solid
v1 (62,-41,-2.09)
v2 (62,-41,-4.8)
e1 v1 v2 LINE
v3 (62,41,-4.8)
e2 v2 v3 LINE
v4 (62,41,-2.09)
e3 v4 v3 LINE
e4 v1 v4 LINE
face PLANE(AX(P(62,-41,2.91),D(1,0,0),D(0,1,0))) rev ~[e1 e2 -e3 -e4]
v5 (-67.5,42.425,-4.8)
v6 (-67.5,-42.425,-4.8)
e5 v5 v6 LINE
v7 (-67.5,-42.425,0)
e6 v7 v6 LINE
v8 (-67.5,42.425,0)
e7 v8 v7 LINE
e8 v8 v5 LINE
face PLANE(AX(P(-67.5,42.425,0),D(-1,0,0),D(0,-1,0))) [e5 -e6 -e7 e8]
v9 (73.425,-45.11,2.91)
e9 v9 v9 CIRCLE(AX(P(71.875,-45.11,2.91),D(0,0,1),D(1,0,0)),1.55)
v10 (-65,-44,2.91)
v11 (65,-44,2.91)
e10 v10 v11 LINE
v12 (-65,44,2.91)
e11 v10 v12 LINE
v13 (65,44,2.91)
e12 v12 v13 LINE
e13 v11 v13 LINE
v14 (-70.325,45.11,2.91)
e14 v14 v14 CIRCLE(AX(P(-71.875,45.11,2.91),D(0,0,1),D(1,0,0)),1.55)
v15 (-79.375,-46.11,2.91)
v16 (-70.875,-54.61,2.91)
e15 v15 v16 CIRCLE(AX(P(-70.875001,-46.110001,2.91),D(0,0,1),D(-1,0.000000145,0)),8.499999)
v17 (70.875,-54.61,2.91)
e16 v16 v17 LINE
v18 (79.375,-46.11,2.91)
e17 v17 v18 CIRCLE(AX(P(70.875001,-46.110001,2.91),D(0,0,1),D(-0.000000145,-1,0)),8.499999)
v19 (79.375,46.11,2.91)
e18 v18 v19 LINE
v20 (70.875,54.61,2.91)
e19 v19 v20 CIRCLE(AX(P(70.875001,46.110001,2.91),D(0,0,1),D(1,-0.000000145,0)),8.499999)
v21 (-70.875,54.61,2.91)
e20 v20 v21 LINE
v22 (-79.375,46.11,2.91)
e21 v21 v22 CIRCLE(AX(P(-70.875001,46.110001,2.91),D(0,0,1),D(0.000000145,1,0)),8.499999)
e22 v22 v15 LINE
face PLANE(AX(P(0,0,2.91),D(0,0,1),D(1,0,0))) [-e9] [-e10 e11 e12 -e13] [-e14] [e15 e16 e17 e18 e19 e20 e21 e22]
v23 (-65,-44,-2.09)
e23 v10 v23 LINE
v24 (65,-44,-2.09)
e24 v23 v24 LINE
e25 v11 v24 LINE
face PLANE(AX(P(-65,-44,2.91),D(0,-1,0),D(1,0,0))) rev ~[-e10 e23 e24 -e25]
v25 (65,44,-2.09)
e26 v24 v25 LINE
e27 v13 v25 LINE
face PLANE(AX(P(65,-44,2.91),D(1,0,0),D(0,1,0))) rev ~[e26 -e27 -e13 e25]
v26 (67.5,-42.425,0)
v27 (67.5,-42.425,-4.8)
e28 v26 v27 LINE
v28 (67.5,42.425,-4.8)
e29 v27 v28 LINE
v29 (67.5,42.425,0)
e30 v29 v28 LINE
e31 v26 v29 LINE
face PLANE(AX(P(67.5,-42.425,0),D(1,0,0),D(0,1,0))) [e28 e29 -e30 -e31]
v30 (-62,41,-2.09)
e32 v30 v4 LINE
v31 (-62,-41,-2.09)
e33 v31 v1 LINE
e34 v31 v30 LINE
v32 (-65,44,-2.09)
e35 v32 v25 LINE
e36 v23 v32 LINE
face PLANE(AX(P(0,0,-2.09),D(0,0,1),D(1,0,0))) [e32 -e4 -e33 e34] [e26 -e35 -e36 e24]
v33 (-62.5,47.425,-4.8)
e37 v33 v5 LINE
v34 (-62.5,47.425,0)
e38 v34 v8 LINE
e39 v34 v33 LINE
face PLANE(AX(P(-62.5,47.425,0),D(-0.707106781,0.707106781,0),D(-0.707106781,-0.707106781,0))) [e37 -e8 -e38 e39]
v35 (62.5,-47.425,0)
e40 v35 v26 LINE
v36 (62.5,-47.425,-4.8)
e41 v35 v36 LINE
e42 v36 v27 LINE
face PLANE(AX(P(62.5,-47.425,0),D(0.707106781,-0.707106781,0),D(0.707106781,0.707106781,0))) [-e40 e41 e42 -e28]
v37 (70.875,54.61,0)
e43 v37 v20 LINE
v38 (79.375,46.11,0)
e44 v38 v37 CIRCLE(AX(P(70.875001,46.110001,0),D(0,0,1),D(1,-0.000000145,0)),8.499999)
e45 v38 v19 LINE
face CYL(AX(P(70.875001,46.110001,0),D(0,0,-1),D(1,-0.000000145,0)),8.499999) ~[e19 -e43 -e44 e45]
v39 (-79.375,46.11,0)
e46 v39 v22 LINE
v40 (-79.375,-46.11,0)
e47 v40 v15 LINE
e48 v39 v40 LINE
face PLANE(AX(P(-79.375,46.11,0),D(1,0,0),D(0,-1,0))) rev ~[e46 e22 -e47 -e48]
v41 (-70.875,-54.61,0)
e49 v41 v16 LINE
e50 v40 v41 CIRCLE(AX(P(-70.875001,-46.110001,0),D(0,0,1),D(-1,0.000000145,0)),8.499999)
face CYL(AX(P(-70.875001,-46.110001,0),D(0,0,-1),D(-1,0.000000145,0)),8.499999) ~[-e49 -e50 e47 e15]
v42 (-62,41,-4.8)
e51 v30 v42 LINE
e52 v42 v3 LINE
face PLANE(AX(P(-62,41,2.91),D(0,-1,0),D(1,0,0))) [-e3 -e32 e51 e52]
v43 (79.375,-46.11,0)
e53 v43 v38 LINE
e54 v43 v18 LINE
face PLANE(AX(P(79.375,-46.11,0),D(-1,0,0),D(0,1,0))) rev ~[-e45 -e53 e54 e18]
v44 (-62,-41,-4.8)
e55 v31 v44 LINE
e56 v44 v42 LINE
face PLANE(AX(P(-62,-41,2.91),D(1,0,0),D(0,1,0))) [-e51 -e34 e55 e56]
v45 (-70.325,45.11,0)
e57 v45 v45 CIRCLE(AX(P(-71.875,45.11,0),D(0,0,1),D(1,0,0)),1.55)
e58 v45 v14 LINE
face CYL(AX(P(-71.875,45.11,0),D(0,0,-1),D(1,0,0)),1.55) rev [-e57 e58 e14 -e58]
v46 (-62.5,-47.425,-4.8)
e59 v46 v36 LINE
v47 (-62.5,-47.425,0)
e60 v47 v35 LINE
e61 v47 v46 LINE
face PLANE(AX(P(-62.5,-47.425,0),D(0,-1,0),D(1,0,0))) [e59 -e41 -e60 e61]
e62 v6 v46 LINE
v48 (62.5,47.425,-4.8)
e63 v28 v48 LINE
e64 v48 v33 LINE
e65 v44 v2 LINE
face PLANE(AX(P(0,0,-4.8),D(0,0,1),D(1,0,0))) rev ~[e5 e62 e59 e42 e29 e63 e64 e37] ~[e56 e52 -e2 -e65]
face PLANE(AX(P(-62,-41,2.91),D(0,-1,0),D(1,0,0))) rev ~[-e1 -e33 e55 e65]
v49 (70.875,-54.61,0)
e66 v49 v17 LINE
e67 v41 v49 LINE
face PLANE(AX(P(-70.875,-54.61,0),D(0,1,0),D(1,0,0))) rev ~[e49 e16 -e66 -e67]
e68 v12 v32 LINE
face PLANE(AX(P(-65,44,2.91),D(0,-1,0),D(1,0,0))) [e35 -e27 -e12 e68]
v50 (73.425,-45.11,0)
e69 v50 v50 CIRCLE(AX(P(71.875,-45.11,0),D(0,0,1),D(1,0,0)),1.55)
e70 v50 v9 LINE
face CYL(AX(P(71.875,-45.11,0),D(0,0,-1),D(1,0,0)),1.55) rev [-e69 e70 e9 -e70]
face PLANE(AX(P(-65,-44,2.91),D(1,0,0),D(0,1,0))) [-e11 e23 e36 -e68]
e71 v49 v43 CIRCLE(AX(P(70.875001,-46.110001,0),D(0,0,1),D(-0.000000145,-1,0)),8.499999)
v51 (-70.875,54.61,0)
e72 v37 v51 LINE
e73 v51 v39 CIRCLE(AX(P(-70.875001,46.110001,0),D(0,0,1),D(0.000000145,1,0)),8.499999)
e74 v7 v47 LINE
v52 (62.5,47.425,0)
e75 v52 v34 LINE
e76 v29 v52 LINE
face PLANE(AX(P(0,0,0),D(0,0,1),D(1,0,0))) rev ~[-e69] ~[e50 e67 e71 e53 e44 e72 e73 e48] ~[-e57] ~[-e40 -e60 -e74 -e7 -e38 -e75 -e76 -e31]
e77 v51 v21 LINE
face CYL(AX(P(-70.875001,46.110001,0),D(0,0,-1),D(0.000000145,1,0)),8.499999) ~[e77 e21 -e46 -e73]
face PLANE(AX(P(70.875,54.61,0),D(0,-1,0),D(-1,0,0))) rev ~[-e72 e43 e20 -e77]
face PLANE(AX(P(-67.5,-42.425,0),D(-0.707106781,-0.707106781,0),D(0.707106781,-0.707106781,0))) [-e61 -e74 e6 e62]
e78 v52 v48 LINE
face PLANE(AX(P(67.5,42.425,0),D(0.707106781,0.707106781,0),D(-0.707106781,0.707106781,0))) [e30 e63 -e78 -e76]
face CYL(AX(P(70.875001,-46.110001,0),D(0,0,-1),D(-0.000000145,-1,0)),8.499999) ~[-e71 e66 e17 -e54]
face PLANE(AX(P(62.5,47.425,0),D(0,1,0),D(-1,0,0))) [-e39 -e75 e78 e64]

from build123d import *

# Parameters (mm, degrees)
F0_R     = 1.55
F1_DEPTH = 2.91
F3_DEPTH = 4.8
F4_W     = 130
F4_H     = 88
F4_W_2   = 124
F4_H_2   = 82
F5_DEPTH = 5
F6_DEPTH = 25


with BuildPart() as f1:
    # F0 (on Top) → F1 (new body)
    with BuildSketch(Plane.XY):
        with BuildLine():
            Line((-70.875, -54.61), (70.875, -54.61))
            ThreePointArc((70.875, -54.61), (76.885408, -52.120408), (79.375, -46.11))
            Line((79.375, -46.11), (79.375, 46.11))
            ThreePointArc((79.375, 46.11), (76.885408, 52.120408), (70.875, 54.61))
            Line((70.875, 54.61), (-70.875, 54.61))
            ThreePointArc((-70.875, 54.61), (-76.885408, 52.120408), (-79.375, 46.11))
            Line((-79.375, 46.11), (-79.375, -46.11))
            ThreePointArc((-79.375, -46.11), (-76.885408, -52.120408), (-70.875, -54.61))
        make_face()
        with Locations((71.875, -45.11)):
            Circle(F0_R, mode=Mode.SUBTRACT)
        with Locations((-71.875, 45.11)):
            Circle(F0_R, mode=Mode.SUBTRACT)
    extrude(amount=F1_DEPTH)

    # F2 (on Top) → F3 (join)
    with BuildSketch(Plane.XY):
        Polygon((-62.5, -47.425), (62.5, -47.425), (67.5, -42.425), (67.5, 42.425), (62.5, 47.425), (-62.5, 47.425), (-67.5, 42.425), (-67.5, -42.425), align=None)
    extrude(amount=-F3_DEPTH)

    # F4 (on face) → F5 (cut)
    with BuildSketch(Plane.XY.offset(2.91)):
        Rectangle(F4_W, F4_H)
        Rectangle(F4_W_2, F4_H_2, mode=Mode.SUBTRACT)
        Rectangle(F4_W_2, F4_H_2)
    extrude(amount=-F5_DEPTH, mode=Mode.SUBTRACT)

    # F4 (on face) → F6 (cut)
    with BuildSketch(Plane.XY.offset(2.91)):
        Rectangle(F4_W_2, F4_H_2)
    extrude(amount=-F6_DEPTH, mode=Mode.SUBTRACT)


solid = f1.part
